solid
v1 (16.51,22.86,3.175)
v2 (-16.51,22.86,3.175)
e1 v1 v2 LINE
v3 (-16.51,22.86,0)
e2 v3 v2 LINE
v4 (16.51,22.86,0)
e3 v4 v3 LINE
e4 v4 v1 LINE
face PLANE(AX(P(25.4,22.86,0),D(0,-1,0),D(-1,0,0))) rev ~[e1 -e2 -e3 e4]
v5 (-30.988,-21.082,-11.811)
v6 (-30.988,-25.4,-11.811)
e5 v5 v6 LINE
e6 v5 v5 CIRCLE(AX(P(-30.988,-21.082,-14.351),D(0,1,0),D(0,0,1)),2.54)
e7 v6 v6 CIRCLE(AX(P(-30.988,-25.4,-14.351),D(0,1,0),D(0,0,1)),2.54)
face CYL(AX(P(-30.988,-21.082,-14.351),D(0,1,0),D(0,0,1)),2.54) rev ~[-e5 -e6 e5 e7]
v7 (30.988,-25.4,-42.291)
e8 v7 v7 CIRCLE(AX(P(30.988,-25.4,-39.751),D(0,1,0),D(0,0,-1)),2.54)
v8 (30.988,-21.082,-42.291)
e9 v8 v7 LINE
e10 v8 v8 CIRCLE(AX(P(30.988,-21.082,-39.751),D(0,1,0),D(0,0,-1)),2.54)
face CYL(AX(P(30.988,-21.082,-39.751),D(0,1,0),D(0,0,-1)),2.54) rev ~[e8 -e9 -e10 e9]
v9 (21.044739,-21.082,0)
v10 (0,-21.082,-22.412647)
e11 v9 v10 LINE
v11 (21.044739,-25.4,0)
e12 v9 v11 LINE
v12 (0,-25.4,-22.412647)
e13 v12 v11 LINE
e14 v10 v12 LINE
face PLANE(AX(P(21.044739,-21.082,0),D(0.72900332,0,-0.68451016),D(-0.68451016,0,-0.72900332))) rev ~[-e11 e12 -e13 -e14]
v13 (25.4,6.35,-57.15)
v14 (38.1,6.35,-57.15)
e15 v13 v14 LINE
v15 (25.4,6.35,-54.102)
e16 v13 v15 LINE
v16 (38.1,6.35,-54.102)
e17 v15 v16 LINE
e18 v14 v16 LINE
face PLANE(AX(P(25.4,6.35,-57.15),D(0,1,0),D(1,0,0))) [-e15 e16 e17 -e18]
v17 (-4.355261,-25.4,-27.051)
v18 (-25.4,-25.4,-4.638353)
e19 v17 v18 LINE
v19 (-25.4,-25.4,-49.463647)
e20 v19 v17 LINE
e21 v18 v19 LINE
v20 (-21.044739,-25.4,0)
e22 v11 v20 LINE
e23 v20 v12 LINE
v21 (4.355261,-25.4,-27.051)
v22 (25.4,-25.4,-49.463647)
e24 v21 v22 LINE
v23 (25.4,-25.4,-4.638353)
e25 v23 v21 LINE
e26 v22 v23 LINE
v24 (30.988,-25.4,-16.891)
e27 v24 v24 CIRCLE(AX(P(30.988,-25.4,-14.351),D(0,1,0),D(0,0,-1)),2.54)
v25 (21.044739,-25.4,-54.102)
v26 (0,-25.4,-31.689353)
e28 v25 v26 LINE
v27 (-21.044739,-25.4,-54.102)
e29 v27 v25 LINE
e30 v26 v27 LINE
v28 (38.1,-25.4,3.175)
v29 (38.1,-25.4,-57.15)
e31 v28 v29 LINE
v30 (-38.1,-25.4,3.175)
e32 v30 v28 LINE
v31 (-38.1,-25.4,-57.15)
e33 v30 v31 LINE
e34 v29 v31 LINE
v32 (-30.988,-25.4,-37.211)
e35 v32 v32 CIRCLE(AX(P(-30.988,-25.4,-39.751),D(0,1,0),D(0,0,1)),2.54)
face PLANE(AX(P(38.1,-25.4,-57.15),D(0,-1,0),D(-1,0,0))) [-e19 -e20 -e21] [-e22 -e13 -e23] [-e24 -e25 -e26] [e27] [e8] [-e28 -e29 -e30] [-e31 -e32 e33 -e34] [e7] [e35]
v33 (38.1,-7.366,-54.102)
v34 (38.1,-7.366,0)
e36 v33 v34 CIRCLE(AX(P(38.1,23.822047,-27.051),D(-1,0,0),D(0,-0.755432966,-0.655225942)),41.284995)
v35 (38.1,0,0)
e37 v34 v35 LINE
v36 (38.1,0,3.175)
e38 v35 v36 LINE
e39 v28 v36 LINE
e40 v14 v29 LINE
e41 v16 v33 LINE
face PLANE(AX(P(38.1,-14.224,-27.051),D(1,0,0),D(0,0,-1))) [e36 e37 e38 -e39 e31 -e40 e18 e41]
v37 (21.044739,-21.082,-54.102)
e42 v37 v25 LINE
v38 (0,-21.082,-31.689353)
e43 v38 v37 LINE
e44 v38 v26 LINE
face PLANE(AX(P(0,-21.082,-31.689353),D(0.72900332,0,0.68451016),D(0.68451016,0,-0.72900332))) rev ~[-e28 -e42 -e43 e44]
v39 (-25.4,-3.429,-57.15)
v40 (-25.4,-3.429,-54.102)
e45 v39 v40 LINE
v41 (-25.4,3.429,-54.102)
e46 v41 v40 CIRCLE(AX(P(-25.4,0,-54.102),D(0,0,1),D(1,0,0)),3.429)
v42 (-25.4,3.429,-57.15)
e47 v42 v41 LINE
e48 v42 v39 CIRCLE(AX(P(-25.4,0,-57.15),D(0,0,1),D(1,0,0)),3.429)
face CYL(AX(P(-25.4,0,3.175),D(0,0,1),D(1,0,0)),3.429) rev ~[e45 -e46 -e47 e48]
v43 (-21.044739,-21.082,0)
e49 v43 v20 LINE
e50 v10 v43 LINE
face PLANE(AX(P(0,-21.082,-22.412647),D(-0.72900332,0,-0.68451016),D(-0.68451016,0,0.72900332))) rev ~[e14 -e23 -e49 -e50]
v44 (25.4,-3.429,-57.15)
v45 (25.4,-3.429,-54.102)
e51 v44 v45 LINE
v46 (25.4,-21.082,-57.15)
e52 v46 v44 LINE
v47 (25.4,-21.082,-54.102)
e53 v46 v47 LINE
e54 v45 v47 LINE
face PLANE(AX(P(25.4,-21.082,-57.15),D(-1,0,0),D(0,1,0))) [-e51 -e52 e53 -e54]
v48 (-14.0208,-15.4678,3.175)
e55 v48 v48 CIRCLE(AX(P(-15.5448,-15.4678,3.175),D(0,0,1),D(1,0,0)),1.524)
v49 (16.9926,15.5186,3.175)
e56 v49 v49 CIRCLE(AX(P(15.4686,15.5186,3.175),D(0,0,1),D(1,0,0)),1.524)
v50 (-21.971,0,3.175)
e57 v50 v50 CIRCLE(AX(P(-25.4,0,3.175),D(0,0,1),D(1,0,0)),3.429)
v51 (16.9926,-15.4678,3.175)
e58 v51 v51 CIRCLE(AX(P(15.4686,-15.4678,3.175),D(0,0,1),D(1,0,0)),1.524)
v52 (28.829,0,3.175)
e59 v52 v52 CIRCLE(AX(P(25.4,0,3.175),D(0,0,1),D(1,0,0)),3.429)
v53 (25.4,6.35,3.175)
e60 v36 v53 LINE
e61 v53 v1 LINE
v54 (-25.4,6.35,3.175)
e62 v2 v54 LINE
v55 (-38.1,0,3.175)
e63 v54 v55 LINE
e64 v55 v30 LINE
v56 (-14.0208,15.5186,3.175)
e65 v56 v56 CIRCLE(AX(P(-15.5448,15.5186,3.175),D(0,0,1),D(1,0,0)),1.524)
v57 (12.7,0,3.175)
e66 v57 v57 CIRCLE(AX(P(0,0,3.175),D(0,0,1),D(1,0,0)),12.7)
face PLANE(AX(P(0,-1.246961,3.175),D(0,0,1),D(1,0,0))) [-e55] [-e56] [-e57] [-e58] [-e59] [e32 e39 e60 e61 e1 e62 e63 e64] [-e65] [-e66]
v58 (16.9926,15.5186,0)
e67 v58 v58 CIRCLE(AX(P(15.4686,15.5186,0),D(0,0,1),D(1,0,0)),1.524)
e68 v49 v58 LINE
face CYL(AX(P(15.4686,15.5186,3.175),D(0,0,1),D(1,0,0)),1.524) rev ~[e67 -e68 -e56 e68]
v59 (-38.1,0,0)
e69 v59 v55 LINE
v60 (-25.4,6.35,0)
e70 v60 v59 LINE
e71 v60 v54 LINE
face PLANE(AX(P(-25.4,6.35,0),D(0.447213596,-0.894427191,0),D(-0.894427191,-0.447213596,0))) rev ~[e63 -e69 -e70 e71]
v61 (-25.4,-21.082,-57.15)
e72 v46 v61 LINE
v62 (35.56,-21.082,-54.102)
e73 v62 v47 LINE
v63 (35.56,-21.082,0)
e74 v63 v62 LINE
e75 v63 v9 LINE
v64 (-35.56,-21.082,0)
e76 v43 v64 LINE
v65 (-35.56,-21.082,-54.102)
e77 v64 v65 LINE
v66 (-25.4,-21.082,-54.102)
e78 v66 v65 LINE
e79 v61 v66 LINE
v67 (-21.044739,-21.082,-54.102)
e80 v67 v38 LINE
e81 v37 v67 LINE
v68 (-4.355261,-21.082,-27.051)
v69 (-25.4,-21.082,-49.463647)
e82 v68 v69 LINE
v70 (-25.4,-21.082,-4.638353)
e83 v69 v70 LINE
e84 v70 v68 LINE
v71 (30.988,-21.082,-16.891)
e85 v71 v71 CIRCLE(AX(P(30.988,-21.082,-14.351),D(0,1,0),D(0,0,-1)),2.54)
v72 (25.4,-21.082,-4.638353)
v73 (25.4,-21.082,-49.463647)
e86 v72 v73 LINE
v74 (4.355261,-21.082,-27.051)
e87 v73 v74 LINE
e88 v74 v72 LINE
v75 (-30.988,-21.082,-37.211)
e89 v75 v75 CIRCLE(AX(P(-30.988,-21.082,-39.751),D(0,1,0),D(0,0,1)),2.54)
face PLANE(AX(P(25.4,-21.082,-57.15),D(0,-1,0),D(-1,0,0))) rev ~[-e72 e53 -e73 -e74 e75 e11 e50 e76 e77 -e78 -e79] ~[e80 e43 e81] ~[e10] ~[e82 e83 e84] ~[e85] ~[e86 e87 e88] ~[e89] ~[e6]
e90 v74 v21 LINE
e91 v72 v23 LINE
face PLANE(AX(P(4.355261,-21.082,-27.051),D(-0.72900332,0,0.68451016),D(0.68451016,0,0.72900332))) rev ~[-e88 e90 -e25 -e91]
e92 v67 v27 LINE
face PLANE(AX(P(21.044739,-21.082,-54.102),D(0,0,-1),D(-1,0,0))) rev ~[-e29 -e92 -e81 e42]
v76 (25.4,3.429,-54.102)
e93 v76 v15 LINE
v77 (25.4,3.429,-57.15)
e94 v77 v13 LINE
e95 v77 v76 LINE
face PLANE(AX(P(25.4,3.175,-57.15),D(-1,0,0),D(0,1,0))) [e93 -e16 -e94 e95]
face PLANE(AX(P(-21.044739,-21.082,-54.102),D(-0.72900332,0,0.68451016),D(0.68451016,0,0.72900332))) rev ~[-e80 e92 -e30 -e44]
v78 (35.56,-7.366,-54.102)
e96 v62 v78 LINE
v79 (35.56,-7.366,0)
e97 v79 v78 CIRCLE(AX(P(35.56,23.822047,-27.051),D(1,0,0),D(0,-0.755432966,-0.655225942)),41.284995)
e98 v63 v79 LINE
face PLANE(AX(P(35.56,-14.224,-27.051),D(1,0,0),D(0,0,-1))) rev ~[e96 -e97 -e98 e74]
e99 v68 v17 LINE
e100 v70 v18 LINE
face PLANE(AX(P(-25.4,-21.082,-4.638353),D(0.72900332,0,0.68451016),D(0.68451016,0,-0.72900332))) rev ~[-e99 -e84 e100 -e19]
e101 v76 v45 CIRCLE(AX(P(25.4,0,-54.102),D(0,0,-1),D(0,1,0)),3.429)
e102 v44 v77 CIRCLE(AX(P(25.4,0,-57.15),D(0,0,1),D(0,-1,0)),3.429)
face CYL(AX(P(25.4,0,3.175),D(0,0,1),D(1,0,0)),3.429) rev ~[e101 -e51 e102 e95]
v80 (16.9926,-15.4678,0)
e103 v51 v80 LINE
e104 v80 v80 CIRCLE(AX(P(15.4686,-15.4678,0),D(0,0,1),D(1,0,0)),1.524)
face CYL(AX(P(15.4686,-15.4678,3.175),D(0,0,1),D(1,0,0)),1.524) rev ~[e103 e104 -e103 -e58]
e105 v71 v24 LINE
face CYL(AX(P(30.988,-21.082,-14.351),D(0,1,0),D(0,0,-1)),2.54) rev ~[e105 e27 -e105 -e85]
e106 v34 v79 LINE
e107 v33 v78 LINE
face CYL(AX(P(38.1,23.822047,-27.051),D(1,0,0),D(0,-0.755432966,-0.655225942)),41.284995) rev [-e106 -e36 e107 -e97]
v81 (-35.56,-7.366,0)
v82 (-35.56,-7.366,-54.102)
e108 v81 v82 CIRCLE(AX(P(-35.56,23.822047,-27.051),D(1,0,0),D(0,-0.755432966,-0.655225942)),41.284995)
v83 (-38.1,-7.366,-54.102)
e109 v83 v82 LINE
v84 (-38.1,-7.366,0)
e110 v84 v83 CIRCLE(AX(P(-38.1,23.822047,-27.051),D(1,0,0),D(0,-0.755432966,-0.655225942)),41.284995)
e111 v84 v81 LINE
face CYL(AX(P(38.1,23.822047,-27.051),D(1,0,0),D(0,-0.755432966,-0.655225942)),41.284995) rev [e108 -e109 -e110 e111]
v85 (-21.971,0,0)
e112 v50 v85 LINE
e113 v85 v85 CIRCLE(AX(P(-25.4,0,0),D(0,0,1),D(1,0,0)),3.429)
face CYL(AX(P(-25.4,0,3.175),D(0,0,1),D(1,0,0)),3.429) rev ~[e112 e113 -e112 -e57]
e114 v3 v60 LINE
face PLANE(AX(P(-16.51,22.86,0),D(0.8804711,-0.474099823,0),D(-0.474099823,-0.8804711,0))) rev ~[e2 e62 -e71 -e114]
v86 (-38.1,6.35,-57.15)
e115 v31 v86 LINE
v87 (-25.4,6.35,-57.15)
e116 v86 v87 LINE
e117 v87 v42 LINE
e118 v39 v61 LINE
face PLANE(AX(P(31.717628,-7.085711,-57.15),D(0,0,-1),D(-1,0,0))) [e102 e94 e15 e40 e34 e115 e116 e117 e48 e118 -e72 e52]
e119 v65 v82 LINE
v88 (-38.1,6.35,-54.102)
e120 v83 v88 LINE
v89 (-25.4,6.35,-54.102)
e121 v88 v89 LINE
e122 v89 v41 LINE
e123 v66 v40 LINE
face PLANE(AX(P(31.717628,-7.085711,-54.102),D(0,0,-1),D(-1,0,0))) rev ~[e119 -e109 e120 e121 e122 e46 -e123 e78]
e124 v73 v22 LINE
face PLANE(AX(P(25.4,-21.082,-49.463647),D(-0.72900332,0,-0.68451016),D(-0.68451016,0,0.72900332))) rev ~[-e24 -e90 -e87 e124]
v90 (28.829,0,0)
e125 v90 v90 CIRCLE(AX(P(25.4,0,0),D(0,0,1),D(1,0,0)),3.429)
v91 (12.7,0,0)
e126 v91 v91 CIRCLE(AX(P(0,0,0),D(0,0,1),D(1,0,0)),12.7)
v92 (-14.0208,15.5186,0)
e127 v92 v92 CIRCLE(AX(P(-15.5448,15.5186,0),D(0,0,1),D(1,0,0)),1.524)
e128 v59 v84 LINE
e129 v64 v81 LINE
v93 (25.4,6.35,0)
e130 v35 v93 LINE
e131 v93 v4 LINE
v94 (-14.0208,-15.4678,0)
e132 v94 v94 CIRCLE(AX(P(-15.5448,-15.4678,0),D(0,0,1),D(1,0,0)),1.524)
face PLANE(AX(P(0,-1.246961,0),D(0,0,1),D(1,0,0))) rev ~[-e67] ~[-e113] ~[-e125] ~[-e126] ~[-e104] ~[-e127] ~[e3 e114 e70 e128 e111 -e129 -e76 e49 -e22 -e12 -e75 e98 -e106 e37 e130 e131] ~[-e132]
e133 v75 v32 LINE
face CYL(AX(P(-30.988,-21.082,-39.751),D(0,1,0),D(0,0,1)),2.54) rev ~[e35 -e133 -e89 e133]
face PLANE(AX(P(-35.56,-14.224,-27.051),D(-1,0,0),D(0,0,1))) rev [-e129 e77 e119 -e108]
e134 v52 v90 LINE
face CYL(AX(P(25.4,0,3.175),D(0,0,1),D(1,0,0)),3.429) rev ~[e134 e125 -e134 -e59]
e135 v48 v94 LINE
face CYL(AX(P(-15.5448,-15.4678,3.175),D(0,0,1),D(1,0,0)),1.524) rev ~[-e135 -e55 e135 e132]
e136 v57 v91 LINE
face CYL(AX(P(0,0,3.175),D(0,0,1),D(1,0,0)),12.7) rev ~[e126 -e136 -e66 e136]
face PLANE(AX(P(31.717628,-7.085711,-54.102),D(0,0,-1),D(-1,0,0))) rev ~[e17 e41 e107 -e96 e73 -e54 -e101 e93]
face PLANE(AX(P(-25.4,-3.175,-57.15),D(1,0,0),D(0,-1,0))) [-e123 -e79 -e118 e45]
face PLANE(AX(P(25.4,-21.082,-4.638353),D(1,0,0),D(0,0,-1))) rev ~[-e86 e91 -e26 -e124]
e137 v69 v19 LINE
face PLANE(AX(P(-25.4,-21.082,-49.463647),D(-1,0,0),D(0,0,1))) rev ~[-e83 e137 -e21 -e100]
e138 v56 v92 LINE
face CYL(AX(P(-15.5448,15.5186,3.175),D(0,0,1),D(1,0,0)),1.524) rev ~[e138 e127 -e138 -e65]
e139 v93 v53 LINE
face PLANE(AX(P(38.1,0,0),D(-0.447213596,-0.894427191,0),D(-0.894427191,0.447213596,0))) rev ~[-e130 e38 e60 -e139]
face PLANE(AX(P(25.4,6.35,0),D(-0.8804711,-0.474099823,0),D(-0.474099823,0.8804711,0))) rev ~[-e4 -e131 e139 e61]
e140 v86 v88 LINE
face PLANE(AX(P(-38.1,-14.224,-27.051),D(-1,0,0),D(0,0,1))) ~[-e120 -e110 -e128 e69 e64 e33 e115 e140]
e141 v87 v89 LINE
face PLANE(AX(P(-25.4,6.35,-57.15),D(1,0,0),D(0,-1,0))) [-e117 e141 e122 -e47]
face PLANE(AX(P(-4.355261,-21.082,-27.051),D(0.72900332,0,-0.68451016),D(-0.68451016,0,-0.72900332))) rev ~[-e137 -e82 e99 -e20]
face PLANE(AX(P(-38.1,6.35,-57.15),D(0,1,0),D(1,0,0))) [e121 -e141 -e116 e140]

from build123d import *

# Parameters (mm, degrees)
SKETCH1_R           = 1.27
SKETCH1_R_2         = 9.525
SKETCH1_R_3         = 3.175
BOSS_EXTRUDE1_DEPTH = 3.175
SKETCH2_W           = 76.2
SKETCH2_H           = 4.318
BOSS_EXTRUDE2_DEPTH = 54.102
BOSS_EXTRUDE3_START = 3.048
SKETCH3_W           = 76.2
SKETCH3_H           = 4.318
BOSS_EXTRUDE3_DEPTH = 3.048
SKETCH10_W          = 54.102
SKETCH10_H          = 13.716
BOSS_EXTRUDE7_DEPTH = 2.54
SKETCH5_R           = 3.429
SKETCH5_R_2         = 3.175
SKETCH5_R_3         = 1.524
SKETCH5_R_4         = 1.27
SKETCH5_R_5         = 9.779
SKETCH5_R_6         = 9.525
CUT_EXTRUDE2_DEPTH  = 76.735563806
CUT_EXTRUDE3_DEPTH  = 83.935570318
SKETCH7_R           = 12.7
CUT_EXTRUDE4_DEPTH  = 76.735563806
CUT_EXTRUDE5_DEPTH  = 99.578509321
CUT_EXTRUDE6_REACH  = 75.232
SKETCH15_R          = 2.54
CUT_EXTRUDE7_DEPTH  = 82.53914314


with BuildPart() as part:
    # Sketch1 → Boss-Extrude1 (new body)
    with BuildSketch(Plane.XY):
        Polygon((31.75, 25.4), (25.4, 25.4), (25.4, 22.86), (-25.4, 22.86), (-25.4, 25.4), (-31.75, 25.4), (-38.1, 0), (-38.1, -25.4), (38.1, -25.4), (38.1, 0), align=None)
        with Locations((-15.5448, 15.5186)):
            Circle(SKETCH1_R, mode=Mode.SUBTRACT)
        with Locations((15.4686, 15.5186)):
            Circle(SKETCH1_R, mode=Mode.SUBTRACT)
        with Locations((15.4686, -15.4678)):
            Circle(SKETCH1_R, mode=Mode.SUBTRACT)
        with Locations((-15.5448, -15.4678)):
            Circle(SKETCH1_R, mode=Mode.SUBTRACT)
        Circle(SKETCH1_R_2, mode=Mode.SUBTRACT)
        with Locations((-25.4, 0)):
            Circle(SKETCH1_R_3, mode=Mode.SUBTRACT)
        with Locations(Location((25.4, 0, 0), (0, 0, 180))):
            Circle(SKETCH1_R_3, mode=Mode.SUBTRACT)
    extrude(amount=BOSS_EXTRUDE1_DEPTH)

    # Sketch2 → Boss-Extrude2 (add)
    with BuildSketch(Plane(origin=(0, 0, 0), x_dir=(-1, 0, 0), z_dir=(0, 0, -1))):
        with Locations((0, -23.241)):
            Rectangle(SKETCH2_W, SKETCH2_H)
    extrude(amount=BOSS_EXTRUDE2_DEPTH)

    # Sketch3 → Boss-Extrude3 (add)
    with BuildSketch(Plane(origin=(0, 0, -54.102), x_dir=(-1, 0, 0), z_dir=(0, 0, -1)).offset(BOSS_EXTRUDE3_START)):
        with BuildLine():
            Line((-25.4, 6.35), (-38.1, 6.35))
            Line((-38.1, 6.35), (-38.1, -21.082))
            Line((-38.1, -21.082), (-25.4, -21.082))
            Line((-25.4, -21.082), (-25.4, -3.175))
            ThreePointArc((-25.4, -3.175), (-28.575, 0), (-25.4, 3.175))
            Line((-25.4, 3.175), (-25.4, 6.35))
        make_face()
        with BuildLine():
            Line((25.4, -3.175), (25.4, -21.082))
            Line((25.4, -21.082), (38.1, -21.082))
            Line((38.1, -21.082), (38.1, 6.35))
            Line((38.1, 6.35), (25.4, 6.35))
            Line((25.4, 6.35), (25.4, 3.175))
            ThreePointArc((25.4, 3.175), (27.64506403, 2.24506403), (28.575, 0))
            ThreePointArc((28.575, 0), (27.64506403, -2.24506403), (25.4, -3.175))
        make_face()
        with Locations((0, -23.241)):
            Rectangle(SKETCH3_W, SKETCH3_H)
    extrude(amount=-BOSS_EXTRUDE3_DEPTH)

    # Sketch10 → Boss-Extrude7 (add)
    with BuildSketch(Plane(origin=(38.1, 0, 0), x_dir=(0, 0, -1), z_dir=(1, 0, 0))):
        with Locations((27.051, -14.224)):
            Rectangle(SKETCH10_W, SKETCH10_H)
    boss_extrude7 = extrude(amount=-BOSS_EXTRUDE7_DEPTH)

    # Mirror4: Boss-Extrude7 across plane
    add(boss_extrude7.mirror(Plane(origin=(0, 0, 0), x_dir=(0, 0, 1), z_dir=(1, 0, 0))))

    # Sketch5 → Cut-Extrude2 (cut, through all)
    # profile 1 of 7: a face of its own
    with BuildSketch(Plane.XY.offset(3.175)):
        with Locations((-25.4, 0)):
            Circle(SKETCH5_R)
        with Locations((-25.4, 0)):
            Circle(SKETCH5_R_2, mode=Mode.SUBTRACT)
    # profile 2 of 7: a face of its own
    with BuildSketch(Plane.XY.offset(3.175)):
        with Locations((-15.5448, 15.5186)):
            Circle(SKETCH5_R_3)
        with Locations((-15.5448, 15.5186)):
            Circle(SKETCH5_R_4, mode=Mode.SUBTRACT)
    # profile 3 of 7: a face of its own
    with BuildSketch(Plane.XY.offset(3.175)):
        with Locations((15.4686, 15.5186)):
            Circle(SKETCH5_R_3)
        with Locations((15.4686, 15.5186)):
            Circle(SKETCH5_R_4, mode=Mode.SUBTRACT)
    # profile 4 of 7: a face of its own
    with BuildSketch(Plane.XY.offset(3.175)):
        Circle(SKETCH5_R_5)
        Circle(SKETCH5_R_6, mode=Mode.SUBTRACT)
    # profile 5 of 7: a face of its own
    with BuildSketch(Plane.XY.offset(3.175)):
        with Locations((25.4, 0)):
            Circle(SKETCH5_R)
        with Locations((25.4, 0)):
            Circle(SKETCH5_R_2, mode=Mode.SUBTRACT)
    # profile 6 of 7: a face of its own
    with BuildSketch(Plane.XY.offset(3.175)):
        with Locations((15.4686, -15.4678)):
            Circle(SKETCH5_R_3)
        with Locations((15.4686, -15.4678)):
            Circle(SKETCH5_R_4, mode=Mode.SUBTRACT)
    # profile 7 of 7: a face of its own
    with BuildSketch(Plane.XY.offset(3.175)):
        with Locations((-15.5448, -15.4678)):
            Circle(SKETCH5_R_3)
        with Locations((-15.5448, -15.4678)):
            Circle(SKETCH5_R_4, mode=Mode.SUBTRACT)
    extrude(amount=-CUT_EXTRUDE2_DEPTH, mode=Mode.SUBTRACT)

    # Sketch6 → Cut-Extrude3 (cut, through all)
    with BuildSketch(Plane(origin=(0, -21.082, 0), x_dir=(1, 0, 0), z_dir=(0, 1, 0))):
        Polygon((21.044738629, 54.102), (-21.044738629, 54.102), (0, 31.68935336), align=None)
        Polygon((-4.355261371, 27.051), (-25.4, 49.46364664), (-25.4, 4.63835336), align=None)
        Polygon((25.4, 4.63835336), (25.4, 49.46364664), (4.355261371, 27.051), align=None)
        Polygon((0, 22.41264664), (-21.044738629, 0), (21.044738629, 0), align=None)
    extrude(amount=-CUT_EXTRUDE3_DEPTH, mode=Mode.SUBTRACT)

    # Sketch7 → Cut-Extrude4 (cut, through all)
    with BuildSketch(Plane.XY.offset(3.175)):
        Circle(SKETCH7_R)
    extrude(amount=-CUT_EXTRUDE4_DEPTH, mode=Mode.SUBTRACT)

    # Sketch11 → Cut-Extrude5 (cut, through all)
    with BuildSketch(Plane(origin=(38.1, 0, 0), x_dir=(0, 0, -1), z_dir=(1, 0, 0))):
        with BuildLine():
            Line((0, -7.366), (54.102, -7.366))
            ThreePointArc((54.102, -7.366), (27.051, -17.462948896), (0, -7.366))
        make_face()
    extrude(amount=-CUT_EXTRUDE5_DEPTH, mode=Mode.SUBTRACT)

    # Sketch12 → Cut-Extrude6 (cut, up to next)
    with BuildSketch(Plane(origin=(0, 0, 0), x_dir=(-1, 0, 0), z_dir=(0, 0, -1)), mode=Mode.PRIVATE) as cut_extrude6_sk1:
        Polygon((25.4, 22.86), (16.51, 22.86), (25.4, 6.35), (38.1, 0), (31.75, 25.4), (25.4, 25.4), align=None)
    cut_extrude6_tool1 = extrude(cut_extrude6_sk1.sketch, amount=-CUT_EXTRUDE6_REACH, mode=Mode.PRIVATE) & part.part
    # Sketch12 → Cut-Extrude6 (cut, up to next)
    with BuildSketch(Plane(origin=(0, 0, 0), x_dir=(-1, 0, 0), z_dir=(0, 0, -1)), mode=Mode.PRIVATE) as cut_extrude6_sk2:
        Polygon((-25.4, 6.35), (-16.51, 22.86), (-25.4, 22.86), (-25.4, 25.4), (-31.75, 25.4), (-38.1, 0), align=None)
    cut_extrude6_tool2 = extrude(cut_extrude6_sk2.sketch, amount=-CUT_EXTRUDE6_REACH, mode=Mode.PRIVATE) & part.part
    add(cut_extrude6_tool1.solids().sort_by_distance((-28.333539, 14.25305, 0))[0], mode=Mode.SUBTRACT)
    add(cut_extrude6_tool2.solids().sort_by_distance((28.333539, 14.25305, 0))[0], mode=Mode.SUBTRACT)

    # Sketch15 → Cut-Extrude7 (cut, through all)
    with BuildSketch(Plane(origin=(0, -21.082, 0), x_dir=(1, 0, 0), z_dir=(0, 1, 0))):
        with Locations(Location((-30.988, 39.751, 0), (0, 0, 270))):
            Circle(SKETCH15_R)
        with Locations(Location((-30.988, 14.351, 0), (0, 0, 270))):
            Circle(SKETCH15_R)
        with Locations(Location((30.988, 14.351, 0), (0, 0, 90))):
            Circle(SKETCH15_R)
        with Locations(Location((30.988, 39.751, 0), (0, 0, 90))):
            Circle(SKETCH15_R)
    extrude(amount=-CUT_EXTRUDE7_DEPTH, mode=Mode.SUBTRACT)


solid = part.part
